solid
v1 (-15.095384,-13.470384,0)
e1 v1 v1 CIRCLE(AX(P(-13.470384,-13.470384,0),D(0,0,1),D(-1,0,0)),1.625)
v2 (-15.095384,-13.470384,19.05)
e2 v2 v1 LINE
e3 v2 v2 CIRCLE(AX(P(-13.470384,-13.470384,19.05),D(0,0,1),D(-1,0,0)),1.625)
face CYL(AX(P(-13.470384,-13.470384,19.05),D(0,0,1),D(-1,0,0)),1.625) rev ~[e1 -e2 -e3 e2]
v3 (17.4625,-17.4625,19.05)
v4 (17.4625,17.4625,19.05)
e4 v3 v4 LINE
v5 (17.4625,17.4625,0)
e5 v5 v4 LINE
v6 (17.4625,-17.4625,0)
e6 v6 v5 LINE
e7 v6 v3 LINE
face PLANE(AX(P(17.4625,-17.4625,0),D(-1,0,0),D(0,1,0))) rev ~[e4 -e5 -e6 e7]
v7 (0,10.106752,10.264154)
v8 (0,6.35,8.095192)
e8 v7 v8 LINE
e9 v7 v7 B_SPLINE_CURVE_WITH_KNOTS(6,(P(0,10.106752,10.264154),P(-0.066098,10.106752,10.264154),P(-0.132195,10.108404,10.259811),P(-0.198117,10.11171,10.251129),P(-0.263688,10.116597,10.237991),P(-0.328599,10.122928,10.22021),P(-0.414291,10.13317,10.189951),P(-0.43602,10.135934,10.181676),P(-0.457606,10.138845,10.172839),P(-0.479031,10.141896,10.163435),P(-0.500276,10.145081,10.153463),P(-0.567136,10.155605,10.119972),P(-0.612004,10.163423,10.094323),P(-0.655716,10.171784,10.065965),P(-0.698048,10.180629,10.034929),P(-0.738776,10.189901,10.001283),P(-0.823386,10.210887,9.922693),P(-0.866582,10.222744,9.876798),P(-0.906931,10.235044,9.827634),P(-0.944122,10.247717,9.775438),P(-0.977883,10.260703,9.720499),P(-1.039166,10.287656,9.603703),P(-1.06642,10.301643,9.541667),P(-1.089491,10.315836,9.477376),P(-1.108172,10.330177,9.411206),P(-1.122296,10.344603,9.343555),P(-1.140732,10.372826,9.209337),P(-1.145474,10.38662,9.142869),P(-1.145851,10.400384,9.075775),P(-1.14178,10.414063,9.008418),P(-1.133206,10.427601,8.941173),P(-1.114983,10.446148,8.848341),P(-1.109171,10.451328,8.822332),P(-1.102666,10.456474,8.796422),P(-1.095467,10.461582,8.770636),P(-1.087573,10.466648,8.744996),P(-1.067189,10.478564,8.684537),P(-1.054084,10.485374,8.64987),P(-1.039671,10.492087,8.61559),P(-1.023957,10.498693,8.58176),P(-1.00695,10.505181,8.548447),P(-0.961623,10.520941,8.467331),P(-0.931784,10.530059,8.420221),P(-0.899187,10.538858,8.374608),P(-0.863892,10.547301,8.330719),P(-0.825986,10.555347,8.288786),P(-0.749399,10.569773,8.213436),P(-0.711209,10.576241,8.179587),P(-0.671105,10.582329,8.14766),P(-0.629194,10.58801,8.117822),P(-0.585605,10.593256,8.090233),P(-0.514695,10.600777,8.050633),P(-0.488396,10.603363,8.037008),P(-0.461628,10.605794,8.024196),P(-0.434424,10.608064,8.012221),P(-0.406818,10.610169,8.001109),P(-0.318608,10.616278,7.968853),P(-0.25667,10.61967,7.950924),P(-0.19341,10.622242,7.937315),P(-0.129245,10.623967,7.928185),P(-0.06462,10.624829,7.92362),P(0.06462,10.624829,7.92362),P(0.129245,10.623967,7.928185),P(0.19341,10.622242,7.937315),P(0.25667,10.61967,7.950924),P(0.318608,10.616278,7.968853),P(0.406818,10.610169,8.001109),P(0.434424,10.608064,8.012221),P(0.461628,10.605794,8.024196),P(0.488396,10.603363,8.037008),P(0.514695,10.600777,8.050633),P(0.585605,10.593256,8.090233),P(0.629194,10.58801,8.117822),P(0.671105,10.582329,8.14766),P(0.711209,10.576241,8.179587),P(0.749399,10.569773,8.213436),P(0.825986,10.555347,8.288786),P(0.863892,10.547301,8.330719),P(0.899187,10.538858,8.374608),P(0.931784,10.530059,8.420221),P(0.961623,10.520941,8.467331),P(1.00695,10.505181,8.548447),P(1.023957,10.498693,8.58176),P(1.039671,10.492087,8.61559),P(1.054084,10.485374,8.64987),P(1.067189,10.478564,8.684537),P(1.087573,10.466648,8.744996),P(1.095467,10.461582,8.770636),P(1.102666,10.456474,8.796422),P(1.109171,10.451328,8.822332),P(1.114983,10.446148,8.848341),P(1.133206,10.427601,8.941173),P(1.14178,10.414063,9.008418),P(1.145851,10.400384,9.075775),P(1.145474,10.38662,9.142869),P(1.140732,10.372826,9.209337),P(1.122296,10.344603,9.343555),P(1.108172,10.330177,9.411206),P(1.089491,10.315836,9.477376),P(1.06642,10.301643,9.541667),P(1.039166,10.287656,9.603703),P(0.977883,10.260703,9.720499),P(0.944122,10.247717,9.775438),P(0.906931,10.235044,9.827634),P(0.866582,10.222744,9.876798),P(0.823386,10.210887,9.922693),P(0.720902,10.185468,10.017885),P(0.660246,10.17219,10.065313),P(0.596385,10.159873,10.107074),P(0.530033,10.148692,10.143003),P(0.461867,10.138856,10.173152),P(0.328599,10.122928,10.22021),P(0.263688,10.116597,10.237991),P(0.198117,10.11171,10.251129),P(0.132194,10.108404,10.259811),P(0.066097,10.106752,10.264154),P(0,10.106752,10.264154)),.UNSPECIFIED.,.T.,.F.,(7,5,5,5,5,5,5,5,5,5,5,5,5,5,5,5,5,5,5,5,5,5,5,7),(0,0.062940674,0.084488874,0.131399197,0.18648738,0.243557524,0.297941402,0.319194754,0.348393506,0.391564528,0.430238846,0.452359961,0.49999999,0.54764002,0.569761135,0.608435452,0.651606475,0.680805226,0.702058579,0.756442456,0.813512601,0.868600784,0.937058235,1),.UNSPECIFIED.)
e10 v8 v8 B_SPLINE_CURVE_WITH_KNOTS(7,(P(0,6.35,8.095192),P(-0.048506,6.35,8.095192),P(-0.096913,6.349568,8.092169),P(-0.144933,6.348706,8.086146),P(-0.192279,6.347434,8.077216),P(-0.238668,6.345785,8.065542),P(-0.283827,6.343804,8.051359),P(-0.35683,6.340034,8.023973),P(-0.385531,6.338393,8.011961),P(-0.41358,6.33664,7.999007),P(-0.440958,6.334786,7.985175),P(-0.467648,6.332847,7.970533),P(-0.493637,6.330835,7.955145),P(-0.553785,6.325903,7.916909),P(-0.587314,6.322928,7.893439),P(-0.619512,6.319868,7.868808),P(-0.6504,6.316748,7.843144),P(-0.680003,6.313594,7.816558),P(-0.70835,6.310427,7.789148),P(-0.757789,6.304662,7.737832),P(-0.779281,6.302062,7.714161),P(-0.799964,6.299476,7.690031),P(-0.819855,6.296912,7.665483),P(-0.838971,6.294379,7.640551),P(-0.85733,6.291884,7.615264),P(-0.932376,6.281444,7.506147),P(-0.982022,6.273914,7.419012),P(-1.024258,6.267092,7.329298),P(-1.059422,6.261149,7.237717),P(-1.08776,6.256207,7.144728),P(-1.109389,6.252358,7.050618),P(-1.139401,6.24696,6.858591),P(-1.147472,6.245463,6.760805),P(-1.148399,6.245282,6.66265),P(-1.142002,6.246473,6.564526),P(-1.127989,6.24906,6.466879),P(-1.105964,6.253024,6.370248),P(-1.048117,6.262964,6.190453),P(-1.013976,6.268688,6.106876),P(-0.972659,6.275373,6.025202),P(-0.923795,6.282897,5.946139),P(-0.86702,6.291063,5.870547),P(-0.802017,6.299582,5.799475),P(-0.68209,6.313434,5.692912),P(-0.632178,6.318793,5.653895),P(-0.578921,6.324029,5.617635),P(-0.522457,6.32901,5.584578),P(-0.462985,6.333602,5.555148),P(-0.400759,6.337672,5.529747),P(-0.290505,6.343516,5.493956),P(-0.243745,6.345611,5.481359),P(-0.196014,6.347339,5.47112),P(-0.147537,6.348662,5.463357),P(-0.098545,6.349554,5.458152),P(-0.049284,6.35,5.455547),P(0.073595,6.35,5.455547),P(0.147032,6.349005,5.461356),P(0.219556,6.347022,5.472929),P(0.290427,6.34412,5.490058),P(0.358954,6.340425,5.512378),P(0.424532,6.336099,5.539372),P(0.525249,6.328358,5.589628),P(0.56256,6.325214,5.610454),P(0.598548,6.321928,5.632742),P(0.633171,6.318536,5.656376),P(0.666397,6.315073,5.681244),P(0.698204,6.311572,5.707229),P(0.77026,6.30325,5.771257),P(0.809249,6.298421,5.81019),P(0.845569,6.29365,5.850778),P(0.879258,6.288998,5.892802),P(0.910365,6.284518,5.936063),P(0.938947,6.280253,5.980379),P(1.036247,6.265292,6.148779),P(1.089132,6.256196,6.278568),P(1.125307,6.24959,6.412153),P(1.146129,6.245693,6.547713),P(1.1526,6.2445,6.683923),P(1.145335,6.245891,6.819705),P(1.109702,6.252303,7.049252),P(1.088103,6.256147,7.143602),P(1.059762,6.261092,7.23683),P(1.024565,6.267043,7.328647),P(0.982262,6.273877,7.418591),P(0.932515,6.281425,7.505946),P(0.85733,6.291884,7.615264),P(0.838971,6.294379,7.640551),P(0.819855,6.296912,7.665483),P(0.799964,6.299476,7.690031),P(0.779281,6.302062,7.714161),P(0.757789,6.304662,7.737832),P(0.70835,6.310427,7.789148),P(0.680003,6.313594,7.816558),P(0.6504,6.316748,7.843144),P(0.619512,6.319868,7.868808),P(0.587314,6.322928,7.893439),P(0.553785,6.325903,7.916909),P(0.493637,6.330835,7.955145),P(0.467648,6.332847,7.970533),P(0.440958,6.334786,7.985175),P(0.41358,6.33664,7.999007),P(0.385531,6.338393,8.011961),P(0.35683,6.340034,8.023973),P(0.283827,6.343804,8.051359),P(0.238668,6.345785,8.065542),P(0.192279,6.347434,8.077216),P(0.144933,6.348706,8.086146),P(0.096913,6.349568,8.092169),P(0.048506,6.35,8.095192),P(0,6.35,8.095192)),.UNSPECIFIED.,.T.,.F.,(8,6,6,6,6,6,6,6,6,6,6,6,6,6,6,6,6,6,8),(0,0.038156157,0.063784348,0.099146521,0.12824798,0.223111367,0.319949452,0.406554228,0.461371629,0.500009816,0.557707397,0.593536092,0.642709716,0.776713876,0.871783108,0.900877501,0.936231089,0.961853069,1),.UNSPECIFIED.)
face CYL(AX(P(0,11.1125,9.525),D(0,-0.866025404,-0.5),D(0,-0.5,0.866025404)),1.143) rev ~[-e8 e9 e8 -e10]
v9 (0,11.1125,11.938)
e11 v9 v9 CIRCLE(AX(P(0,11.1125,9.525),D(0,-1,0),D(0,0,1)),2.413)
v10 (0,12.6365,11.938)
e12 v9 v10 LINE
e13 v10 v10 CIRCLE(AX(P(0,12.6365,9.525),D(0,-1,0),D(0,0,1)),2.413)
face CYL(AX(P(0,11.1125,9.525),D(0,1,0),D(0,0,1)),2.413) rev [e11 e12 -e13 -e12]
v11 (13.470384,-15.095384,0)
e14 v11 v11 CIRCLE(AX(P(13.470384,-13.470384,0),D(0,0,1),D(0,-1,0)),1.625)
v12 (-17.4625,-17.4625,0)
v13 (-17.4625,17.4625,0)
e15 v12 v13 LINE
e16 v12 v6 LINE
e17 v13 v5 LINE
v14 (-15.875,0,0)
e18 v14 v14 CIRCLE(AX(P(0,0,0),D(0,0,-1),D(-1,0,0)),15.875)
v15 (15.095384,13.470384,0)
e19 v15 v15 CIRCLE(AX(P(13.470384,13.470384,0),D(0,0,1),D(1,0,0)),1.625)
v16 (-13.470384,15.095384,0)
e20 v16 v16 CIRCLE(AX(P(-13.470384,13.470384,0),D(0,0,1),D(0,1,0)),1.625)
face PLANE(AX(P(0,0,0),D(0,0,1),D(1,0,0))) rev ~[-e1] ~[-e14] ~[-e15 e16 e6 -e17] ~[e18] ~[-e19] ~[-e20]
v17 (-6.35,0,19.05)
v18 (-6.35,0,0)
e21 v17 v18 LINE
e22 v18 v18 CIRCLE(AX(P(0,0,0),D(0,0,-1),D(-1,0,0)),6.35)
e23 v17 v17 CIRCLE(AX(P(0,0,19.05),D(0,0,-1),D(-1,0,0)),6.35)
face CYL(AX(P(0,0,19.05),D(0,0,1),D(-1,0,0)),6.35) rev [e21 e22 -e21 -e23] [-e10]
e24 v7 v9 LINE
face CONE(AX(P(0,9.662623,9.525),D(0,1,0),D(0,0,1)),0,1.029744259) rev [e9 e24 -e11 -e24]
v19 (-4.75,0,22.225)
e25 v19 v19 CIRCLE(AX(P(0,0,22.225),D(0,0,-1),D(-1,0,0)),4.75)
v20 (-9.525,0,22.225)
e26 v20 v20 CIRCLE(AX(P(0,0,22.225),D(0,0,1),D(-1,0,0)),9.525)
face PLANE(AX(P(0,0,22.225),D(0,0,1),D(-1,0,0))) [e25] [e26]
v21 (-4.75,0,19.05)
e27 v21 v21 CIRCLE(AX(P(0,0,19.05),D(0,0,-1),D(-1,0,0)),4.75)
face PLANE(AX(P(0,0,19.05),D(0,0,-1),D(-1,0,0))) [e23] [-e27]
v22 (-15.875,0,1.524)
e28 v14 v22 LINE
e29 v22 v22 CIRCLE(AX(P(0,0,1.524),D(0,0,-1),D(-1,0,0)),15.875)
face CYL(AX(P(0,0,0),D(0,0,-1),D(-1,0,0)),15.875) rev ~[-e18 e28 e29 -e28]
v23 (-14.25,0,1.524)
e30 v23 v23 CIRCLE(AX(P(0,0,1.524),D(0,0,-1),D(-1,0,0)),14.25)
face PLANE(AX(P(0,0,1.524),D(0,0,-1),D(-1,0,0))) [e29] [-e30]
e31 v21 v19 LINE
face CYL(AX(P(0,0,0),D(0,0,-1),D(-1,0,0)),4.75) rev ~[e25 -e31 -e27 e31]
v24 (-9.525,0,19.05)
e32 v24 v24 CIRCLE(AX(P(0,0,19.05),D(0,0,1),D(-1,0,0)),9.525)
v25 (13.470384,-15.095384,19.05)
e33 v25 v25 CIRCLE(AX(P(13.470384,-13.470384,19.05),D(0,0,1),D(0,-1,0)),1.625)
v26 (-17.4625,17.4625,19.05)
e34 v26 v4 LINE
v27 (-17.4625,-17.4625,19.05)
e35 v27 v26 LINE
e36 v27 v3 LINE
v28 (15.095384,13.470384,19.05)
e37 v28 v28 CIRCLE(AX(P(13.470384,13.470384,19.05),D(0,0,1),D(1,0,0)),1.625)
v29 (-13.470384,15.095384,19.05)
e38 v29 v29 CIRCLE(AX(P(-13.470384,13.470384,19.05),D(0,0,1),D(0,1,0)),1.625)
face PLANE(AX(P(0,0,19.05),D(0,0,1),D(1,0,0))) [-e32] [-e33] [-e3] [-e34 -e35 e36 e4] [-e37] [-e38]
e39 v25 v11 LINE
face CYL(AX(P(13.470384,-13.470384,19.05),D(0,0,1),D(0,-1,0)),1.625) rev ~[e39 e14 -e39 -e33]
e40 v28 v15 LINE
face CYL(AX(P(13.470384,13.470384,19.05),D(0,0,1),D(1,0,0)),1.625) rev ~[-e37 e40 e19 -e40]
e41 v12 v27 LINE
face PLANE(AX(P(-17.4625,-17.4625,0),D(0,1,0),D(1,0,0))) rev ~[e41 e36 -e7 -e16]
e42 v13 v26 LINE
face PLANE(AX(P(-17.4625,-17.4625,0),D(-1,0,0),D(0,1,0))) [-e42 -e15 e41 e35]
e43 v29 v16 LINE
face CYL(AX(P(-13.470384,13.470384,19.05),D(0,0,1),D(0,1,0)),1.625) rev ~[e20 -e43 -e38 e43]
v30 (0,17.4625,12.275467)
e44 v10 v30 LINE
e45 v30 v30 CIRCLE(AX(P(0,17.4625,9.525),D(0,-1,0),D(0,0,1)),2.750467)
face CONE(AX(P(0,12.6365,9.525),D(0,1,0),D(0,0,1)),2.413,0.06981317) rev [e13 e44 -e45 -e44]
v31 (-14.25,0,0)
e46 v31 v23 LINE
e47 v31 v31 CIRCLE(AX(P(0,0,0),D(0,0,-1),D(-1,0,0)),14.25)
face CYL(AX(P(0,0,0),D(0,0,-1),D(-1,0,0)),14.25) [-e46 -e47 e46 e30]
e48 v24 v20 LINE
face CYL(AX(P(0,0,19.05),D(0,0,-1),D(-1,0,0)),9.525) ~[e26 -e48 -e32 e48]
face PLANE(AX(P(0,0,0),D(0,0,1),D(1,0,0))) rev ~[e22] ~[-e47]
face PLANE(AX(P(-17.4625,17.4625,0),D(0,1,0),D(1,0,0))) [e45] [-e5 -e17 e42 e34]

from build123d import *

# Parameters (mm, degrees)
SKETCH1_W           = 34.925
SKETCH1_H           = 34.925
BASE_EXTRUDE_DEPTH  = 19.05
SKETCH12_R          = 15.875
SKETCH12_R_2        = 14.25
CUT_EXTRUDE4_DEPTH  = 1.524
SKETCH3_R           = 1.625
CUT_EXTRUDE2_DEPTH  = 32.189426293
CIRPATTERN2_COUNT   = 4
SKETCH15_R          = 9.525
BOSS_EXTRUDE1_DEPTH = 3.175
SKETCH14_R          = 4.75
CUT_EXTRUDE6_DEPTH  = 34.223913639
CUT_EXTRUDE7_START  = -19.05
SKETCH16_R          = 6.35
CUT_EXTRUDE7_DEPTH  = 19.05


with BuildPart() as part:
    # Sketch1 → Base-Extrude (new body)
    with BuildSketch(Plane.XY):
        Rectangle(SKETCH1_W, SKETCH1_H)
    extrude(amount=BASE_EXTRUDE_DEPTH)

    # Sketch12 → Cut-Extrude4 (cut)
    with BuildSketch(Plane(origin=(-5.978518985, 12.821273311, 0), x_dir=(-1, 0, 0), z_dir=(0, 0, -1))):
        with Locations((-5.978518985, -12.821273311)):
            Circle(SKETCH12_R)
        with Locations((-5.978518985, -12.821273311)):
            Circle(SKETCH12_R_2, mode=Mode.SUBTRACT)
    extrude(amount=-CUT_EXTRUDE4_DEPTH, mode=Mode.SUBTRACT)

    # Sketch3 → Cut-Extrude2 (cut, through all)
    with BuildSketch(Plane.XY.offset(19.05)):
        with Locations((13.470384182, 13.470384182)):
            Circle(SKETCH3_R)
    cut_extrude2 = extrude(amount=-CUT_EXTRUDE2_DEPTH, mode=Mode.SUBTRACT)

    # CirPattern2: Cut-Extrude2 ×4 about axis
    cirpattern2_axis = Axis((0, 0, 0), (0, 0, 1))
    for i in range(1, CIRPATTERN2_COUNT):
        add(cut_extrude2.rotate(cirpattern2_axis, i * 360 / CIRPATTERN2_COUNT), mode=Mode.SUBTRACT)

    # Sketch10 → Hole3 (revolve, cut)
    with BuildSketch(Plane(origin=(0, 17.4625, 9.525), x_dir=(0, 0, 1), z_dir=(1, 0, 0))):
        Polygon((0, 0), (0, 7.799876674), (2.413, 6.35), (2.413, 4.826), (2.750466794, 0), align=None)
    revolve(axis=Axis((0, 21.469039452, 9.525), (0, -1, 0)), mode=Mode.SUBTRACT)

    # Sketch15 → Boss-Extrude1 (add)
    with BuildSketch(Plane.XY.offset(19.05)):
        with Locations(Location((0, 0, 0), (0, 0, 180))):
            Circle(SKETCH15_R)
    extrude(amount=BOSS_EXTRUDE1_DEPTH)

    # Sketch14 → Cut-Extrude6 (cut, through all)
    with BuildSketch(Plane(origin=(0, 0, 0), x_dir=(-1, 0, 0), z_dir=(0, 0, -1))):
        Circle(SKETCH14_R)
    extrude(amount=-CUT_EXTRUDE6_DEPTH, mode=Mode.SUBTRACT)

    # Sketch16 → Cut-Extrude7 (cut)
    with BuildSketch(Plane(origin=(0, 0, 0), x_dir=(-1, 0, 0), z_dir=(0, 0, -1)).offset(CUT_EXTRUDE7_START)):
        Circle(SKETCH16_R)
    extrude(amount=CUT_EXTRUDE7_DEPTH, mode=Mode.SUBTRACT)

    # Sketch17 → Cut-Revolve1 (revolve, cut)
    with BuildSketch(Plane(origin=(0, 0, 0), x_dir=(0, 0, -1), z_dir=(1, 0, 0))):
        Polygon((-9.525, 11.1125), (-10.514867037, 10.541), (-4.09906217, -0.5715), (-3.109195134, 0), align=None)
    revolve(axis=Axis((0, 11.1125, 9.525), (0, -0.8660254037844396, -0.4999999999999983)), mode=Mode.SUBTRACT)


solid = part.part
